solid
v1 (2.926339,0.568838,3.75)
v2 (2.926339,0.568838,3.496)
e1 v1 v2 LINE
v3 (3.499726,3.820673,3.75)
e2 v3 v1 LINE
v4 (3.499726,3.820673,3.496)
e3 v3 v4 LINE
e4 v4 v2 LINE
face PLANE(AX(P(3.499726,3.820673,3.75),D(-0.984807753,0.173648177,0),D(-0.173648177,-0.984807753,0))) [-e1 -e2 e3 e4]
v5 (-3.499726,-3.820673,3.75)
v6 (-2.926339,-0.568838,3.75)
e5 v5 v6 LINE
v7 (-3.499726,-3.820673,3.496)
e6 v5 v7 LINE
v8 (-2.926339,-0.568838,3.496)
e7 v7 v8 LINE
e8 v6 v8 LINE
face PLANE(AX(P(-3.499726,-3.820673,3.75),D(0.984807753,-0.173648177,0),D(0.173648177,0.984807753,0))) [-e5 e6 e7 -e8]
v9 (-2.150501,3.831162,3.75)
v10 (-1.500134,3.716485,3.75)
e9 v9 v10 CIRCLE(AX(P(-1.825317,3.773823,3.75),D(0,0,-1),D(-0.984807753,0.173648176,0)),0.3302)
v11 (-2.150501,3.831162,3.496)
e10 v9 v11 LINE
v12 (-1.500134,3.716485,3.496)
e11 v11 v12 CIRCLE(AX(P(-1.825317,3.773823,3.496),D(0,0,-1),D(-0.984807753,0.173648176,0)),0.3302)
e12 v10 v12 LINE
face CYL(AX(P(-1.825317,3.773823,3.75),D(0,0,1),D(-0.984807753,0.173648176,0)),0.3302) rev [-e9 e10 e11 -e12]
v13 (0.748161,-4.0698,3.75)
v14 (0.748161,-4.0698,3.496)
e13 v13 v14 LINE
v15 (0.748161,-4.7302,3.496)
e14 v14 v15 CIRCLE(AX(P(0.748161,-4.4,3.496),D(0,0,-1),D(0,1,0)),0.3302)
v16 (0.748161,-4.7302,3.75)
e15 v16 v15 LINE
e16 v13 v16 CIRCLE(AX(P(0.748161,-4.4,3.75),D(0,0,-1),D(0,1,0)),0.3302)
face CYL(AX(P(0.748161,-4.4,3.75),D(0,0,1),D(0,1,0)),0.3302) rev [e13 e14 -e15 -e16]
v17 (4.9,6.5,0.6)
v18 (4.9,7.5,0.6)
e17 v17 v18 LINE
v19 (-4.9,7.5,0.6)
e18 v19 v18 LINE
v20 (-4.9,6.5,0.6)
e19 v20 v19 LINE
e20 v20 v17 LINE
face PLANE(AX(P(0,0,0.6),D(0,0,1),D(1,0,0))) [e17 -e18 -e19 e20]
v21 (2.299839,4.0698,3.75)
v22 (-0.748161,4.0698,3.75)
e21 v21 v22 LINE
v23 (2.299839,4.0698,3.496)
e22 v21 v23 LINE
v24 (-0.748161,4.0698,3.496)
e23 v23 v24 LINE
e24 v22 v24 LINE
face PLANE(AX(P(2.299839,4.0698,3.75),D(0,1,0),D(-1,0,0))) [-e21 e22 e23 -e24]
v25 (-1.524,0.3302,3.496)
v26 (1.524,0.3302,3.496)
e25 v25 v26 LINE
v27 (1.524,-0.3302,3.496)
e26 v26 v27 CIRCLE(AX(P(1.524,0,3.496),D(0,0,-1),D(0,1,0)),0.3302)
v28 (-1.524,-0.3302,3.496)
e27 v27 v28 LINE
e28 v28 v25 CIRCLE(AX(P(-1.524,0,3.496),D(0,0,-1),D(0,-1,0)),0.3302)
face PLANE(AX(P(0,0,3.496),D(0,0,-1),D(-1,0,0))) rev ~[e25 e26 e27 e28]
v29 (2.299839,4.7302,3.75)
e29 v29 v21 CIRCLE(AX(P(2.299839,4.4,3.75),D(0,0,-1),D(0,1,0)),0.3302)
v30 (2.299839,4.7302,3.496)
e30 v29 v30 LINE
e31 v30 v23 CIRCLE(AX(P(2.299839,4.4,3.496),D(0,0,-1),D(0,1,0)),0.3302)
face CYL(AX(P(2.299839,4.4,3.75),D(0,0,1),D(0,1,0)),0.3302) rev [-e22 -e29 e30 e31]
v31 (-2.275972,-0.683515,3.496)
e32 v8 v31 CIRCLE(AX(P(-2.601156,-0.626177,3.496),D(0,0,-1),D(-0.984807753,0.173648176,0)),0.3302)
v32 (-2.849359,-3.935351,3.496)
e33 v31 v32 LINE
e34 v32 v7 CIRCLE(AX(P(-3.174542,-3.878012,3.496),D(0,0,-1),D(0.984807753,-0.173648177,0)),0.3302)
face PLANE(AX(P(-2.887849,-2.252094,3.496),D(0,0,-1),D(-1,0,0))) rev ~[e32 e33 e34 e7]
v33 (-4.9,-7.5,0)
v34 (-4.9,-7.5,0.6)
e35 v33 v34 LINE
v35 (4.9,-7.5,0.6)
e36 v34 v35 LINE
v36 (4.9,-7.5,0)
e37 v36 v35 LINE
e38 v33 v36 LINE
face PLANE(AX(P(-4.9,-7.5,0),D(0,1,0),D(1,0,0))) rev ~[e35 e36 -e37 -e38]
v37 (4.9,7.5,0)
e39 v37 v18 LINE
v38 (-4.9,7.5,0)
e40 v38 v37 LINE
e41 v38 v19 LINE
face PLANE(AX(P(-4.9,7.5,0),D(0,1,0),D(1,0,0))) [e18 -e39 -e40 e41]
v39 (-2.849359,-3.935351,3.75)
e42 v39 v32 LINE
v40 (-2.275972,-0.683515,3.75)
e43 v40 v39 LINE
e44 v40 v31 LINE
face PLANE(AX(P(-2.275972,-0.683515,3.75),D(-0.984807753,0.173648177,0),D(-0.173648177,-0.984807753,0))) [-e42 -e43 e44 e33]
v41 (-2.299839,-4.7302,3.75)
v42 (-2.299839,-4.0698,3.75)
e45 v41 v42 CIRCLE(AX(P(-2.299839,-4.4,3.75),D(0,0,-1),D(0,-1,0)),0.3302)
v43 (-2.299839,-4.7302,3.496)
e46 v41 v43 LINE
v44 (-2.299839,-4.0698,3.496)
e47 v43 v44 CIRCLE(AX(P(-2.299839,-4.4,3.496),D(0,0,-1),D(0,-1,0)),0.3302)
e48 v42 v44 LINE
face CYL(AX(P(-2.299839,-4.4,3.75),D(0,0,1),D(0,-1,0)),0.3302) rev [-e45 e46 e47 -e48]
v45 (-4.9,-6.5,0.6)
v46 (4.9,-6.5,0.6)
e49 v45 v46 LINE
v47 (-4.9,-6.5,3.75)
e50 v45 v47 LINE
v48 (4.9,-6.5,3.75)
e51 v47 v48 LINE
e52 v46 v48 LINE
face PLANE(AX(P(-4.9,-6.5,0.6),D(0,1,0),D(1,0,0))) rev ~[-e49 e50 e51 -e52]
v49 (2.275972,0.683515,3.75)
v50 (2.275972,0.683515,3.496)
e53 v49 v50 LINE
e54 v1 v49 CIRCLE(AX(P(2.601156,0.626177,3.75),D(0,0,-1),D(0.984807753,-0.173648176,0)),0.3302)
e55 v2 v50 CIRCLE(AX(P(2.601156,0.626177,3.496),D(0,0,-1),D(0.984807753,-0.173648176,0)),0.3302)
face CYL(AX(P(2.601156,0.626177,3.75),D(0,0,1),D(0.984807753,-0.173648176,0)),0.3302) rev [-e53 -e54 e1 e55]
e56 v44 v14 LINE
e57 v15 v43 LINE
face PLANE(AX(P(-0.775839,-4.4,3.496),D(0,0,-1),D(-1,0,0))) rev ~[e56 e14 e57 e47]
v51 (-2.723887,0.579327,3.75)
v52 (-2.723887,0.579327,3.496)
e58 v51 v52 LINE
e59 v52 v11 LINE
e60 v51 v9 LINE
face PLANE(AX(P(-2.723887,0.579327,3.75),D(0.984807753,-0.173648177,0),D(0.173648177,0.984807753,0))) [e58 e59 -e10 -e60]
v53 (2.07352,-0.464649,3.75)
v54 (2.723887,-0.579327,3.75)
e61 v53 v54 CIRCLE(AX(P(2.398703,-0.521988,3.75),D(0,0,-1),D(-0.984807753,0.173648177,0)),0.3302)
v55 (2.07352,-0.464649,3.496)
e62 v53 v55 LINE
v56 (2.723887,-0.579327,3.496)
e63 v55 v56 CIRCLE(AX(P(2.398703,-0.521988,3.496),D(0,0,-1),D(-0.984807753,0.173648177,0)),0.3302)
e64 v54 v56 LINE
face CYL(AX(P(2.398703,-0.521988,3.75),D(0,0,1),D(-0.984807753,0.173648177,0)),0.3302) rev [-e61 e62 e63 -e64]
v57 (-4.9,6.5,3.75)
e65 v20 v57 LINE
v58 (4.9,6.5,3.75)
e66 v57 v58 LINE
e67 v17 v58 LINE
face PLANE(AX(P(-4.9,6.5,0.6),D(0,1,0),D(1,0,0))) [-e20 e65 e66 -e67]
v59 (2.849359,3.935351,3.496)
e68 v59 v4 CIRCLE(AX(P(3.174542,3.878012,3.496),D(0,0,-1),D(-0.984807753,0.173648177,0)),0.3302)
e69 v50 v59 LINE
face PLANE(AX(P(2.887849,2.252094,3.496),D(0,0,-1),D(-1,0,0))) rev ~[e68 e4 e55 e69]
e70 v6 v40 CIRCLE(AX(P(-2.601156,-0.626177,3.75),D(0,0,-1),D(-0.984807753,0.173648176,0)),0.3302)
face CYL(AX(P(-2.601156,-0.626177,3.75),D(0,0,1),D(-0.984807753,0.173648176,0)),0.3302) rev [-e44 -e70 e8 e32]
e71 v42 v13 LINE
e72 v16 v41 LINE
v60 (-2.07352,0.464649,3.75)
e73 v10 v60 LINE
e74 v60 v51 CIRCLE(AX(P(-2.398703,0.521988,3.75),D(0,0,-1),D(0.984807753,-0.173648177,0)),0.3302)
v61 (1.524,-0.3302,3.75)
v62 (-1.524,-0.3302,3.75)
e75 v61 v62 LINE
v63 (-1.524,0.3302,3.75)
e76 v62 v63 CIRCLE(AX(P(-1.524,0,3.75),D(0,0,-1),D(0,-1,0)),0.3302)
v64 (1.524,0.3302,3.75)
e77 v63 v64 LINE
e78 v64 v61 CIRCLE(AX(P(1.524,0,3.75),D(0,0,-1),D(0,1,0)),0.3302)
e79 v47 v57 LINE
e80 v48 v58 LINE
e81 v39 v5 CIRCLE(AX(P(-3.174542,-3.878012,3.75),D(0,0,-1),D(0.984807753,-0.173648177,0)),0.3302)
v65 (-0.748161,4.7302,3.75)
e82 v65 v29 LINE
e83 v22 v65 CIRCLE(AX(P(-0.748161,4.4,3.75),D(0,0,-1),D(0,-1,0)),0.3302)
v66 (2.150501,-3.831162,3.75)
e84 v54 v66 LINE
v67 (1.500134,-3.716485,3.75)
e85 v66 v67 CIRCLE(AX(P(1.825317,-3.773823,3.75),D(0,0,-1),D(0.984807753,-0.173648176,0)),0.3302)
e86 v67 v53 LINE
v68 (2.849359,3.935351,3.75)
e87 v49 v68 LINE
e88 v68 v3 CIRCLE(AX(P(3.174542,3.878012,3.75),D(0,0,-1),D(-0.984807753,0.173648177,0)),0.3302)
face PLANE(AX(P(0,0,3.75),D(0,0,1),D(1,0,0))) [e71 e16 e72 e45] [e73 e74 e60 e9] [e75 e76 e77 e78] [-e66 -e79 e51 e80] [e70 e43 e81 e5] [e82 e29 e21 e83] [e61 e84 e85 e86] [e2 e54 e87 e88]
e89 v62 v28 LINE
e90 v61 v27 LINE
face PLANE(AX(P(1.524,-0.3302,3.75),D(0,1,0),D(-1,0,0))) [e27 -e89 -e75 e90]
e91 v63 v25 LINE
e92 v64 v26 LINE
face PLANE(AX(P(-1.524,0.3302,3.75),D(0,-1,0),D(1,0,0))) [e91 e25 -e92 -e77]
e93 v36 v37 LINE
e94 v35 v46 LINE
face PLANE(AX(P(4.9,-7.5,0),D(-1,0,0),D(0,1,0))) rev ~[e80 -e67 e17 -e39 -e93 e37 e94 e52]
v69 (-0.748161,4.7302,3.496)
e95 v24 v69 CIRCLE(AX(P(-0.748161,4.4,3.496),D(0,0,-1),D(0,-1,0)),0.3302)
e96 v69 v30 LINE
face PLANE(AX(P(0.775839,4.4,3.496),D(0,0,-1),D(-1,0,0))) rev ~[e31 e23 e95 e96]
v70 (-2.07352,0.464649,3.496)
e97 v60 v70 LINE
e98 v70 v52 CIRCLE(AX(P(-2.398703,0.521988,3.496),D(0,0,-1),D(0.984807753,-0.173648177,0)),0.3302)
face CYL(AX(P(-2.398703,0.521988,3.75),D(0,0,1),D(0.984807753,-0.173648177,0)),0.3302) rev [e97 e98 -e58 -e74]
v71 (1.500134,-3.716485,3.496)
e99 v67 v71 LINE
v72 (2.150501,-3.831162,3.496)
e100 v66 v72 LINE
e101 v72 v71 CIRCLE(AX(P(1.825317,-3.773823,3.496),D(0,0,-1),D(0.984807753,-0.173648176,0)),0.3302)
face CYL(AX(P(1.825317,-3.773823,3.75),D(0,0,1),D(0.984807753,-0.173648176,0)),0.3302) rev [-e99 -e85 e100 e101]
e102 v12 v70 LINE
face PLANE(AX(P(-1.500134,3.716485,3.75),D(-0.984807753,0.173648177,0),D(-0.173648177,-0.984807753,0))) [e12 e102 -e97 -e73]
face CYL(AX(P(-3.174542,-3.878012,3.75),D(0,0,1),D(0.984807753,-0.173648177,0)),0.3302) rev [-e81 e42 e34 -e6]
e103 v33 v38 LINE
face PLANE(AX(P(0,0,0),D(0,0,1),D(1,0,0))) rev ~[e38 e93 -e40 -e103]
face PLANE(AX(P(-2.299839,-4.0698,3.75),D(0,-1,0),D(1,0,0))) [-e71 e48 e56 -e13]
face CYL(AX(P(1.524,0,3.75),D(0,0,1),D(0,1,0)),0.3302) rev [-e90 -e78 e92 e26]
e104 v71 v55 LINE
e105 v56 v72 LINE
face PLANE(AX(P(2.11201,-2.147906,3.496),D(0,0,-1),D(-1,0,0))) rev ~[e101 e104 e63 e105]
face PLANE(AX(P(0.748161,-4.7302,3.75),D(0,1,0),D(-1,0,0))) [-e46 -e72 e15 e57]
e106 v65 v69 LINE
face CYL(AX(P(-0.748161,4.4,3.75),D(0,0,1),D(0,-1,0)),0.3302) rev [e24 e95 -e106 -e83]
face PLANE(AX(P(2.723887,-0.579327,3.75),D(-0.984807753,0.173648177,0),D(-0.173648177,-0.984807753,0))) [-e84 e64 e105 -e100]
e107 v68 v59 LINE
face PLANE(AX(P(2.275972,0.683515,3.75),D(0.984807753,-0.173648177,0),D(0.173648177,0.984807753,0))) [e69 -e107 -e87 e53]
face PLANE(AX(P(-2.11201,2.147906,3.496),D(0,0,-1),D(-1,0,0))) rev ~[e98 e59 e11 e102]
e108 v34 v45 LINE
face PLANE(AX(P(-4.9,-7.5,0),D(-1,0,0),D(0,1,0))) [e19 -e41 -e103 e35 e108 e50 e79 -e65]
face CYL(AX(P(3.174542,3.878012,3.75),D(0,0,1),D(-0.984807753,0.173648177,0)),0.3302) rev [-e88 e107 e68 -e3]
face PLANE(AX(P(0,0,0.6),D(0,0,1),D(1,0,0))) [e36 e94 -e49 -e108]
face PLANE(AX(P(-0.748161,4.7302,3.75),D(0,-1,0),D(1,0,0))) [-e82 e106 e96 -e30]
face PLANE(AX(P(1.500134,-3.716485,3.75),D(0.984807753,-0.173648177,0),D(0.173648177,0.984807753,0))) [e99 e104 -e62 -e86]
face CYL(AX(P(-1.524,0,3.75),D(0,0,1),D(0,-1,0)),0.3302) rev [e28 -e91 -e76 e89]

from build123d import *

# Parameters (mm, degrees)
SKETCH2_W           = 9.8
SKETCH2_H           = 15
BOSS_EXTRUDE1_DEPTH = 0.6
SKETCH3_W           = 9.8
SKETCH3_H           = 13
BOSS_EXTRUDE2_DEPTH = 3.15
CUT_EXTRUDE1_DEPTH  = 0.254


with BuildPart() as part:
    # Sketch2 → Boss-Extrude1 (new body)
    with BuildSketch(Plane.XY):
        Rectangle(SKETCH2_W, SKETCH2_H)
    extrude(amount=BOSS_EXTRUDE1_DEPTH)

    # Sketch3 → Boss-Extrude2 (add)
    with BuildSketch(Plane.XY.offset(0.6)):
        Rectangle(SKETCH3_W, SKETCH3_H)
    extrude(amount=BOSS_EXTRUDE2_DEPTH)

    # Sketch8 → Cut-Extrude1 (cut)
    with BuildSketch(Plane.XY.offset(3.75)):
        with BuildLine():
            Line((-2.723886994, 0.579326575), (-2.150500712, 3.831161775))
            ThreePointArc((-2.150500712, 3.831161775), (-1.767978563, 4.099006667), (-1.500133672, 3.716484519))
            Line((-1.500133672, 3.716484519), (-2.073519954, 0.464649318))
            ThreePointArc((-2.073519954, 0.464649318), (-2.456042103, 0.196804426), (-2.723886994, 0.579326575))
        make_face()
        with BuildLine():
            Line((3.499725709, 3.820673425), (2.926339427, 0.568838225))
            ThreePointArc((2.926339427, 0.568838225), (2.543817278, 0.300993333), (2.275972387, 0.683515481))
            Line((2.275972387, 0.683515481), (2.849358669, 3.935350682))
            ThreePointArc((2.849358669, 3.935350682), (3.231880818, 4.203195574), (3.499725709, 3.820673425))
        make_face()
        with BuildLine():
            Line((-3.499725709, -3.820673425), (-2.926339427, -0.568838225))
            ThreePointArc((-2.926339427, -0.568838225), (-2.543817278, -0.300993333), (-2.275972387, -0.683515481))
            Line((-2.275972387, -0.683515481), (-2.849358669, -3.935350682))
            ThreePointArc((-2.849358669, -3.935350682), (-3.231880818, -4.203195574), (-3.499725709, -3.820673425))
        make_face()
        with BuildLine():
            Line((1.500133672, -3.716484519), (2.073519954, -0.464649318))
            ThreePointArc((2.073519954, -0.464649318), (2.456042103, -0.196804426), (2.723886994, -0.579326575))
            Line((2.723886994, -0.579326575), (2.150500712, -3.831161775))
            ThreePointArc((2.150500712, -3.831161775), (1.767978563, -4.099006667), (1.500133672, -3.716484519))
        make_face()
        with BuildLine():
            Line((-2.299838715, -4.0698), (0.748161285, -4.0698))
            ThreePointArc((0.748161285, -4.0698), (1.078361285, -4.4), (0.748161285, -4.7302))
            Line((0.748161285, -4.7302), (-2.299838715, -4.7302))
            ThreePointArc((-2.299838715, -4.7302), (-2.630038715, -4.4), (-2.299838715, -4.0698))
        make_face()
        with BuildLine():
            Line((-1.524, 0.3302), (1.524, 0.3302))
            ThreePointArc((1.524, 0.3302), (1.8542, 0), (1.524, -0.3302))
            Line((1.524, -0.3302), (-1.524, -0.3302))
            ThreePointArc((-1.524, -0.3302), (-1.8542, 0), (-1.524, 0.3302))
        make_face()
        with BuildLine():
            Line((-0.748161285, 4.7302), (2.299838715, 4.7302))
            ThreePointArc((2.299838715, 4.7302), (2.630038715, 4.4), (2.299838715, 4.0698))
            Line((2.299838715, 4.0698), (-0.748161285, 4.0698))
            ThreePointArc((-0.748161285, 4.0698), (-1.078361285, 4.4), (-0.748161285, 4.7302))
        make_face()
    extrude(amount=-CUT_EXTRUDE1_DEPTH, mode=Mode.SUBTRACT)


solid = part.part
